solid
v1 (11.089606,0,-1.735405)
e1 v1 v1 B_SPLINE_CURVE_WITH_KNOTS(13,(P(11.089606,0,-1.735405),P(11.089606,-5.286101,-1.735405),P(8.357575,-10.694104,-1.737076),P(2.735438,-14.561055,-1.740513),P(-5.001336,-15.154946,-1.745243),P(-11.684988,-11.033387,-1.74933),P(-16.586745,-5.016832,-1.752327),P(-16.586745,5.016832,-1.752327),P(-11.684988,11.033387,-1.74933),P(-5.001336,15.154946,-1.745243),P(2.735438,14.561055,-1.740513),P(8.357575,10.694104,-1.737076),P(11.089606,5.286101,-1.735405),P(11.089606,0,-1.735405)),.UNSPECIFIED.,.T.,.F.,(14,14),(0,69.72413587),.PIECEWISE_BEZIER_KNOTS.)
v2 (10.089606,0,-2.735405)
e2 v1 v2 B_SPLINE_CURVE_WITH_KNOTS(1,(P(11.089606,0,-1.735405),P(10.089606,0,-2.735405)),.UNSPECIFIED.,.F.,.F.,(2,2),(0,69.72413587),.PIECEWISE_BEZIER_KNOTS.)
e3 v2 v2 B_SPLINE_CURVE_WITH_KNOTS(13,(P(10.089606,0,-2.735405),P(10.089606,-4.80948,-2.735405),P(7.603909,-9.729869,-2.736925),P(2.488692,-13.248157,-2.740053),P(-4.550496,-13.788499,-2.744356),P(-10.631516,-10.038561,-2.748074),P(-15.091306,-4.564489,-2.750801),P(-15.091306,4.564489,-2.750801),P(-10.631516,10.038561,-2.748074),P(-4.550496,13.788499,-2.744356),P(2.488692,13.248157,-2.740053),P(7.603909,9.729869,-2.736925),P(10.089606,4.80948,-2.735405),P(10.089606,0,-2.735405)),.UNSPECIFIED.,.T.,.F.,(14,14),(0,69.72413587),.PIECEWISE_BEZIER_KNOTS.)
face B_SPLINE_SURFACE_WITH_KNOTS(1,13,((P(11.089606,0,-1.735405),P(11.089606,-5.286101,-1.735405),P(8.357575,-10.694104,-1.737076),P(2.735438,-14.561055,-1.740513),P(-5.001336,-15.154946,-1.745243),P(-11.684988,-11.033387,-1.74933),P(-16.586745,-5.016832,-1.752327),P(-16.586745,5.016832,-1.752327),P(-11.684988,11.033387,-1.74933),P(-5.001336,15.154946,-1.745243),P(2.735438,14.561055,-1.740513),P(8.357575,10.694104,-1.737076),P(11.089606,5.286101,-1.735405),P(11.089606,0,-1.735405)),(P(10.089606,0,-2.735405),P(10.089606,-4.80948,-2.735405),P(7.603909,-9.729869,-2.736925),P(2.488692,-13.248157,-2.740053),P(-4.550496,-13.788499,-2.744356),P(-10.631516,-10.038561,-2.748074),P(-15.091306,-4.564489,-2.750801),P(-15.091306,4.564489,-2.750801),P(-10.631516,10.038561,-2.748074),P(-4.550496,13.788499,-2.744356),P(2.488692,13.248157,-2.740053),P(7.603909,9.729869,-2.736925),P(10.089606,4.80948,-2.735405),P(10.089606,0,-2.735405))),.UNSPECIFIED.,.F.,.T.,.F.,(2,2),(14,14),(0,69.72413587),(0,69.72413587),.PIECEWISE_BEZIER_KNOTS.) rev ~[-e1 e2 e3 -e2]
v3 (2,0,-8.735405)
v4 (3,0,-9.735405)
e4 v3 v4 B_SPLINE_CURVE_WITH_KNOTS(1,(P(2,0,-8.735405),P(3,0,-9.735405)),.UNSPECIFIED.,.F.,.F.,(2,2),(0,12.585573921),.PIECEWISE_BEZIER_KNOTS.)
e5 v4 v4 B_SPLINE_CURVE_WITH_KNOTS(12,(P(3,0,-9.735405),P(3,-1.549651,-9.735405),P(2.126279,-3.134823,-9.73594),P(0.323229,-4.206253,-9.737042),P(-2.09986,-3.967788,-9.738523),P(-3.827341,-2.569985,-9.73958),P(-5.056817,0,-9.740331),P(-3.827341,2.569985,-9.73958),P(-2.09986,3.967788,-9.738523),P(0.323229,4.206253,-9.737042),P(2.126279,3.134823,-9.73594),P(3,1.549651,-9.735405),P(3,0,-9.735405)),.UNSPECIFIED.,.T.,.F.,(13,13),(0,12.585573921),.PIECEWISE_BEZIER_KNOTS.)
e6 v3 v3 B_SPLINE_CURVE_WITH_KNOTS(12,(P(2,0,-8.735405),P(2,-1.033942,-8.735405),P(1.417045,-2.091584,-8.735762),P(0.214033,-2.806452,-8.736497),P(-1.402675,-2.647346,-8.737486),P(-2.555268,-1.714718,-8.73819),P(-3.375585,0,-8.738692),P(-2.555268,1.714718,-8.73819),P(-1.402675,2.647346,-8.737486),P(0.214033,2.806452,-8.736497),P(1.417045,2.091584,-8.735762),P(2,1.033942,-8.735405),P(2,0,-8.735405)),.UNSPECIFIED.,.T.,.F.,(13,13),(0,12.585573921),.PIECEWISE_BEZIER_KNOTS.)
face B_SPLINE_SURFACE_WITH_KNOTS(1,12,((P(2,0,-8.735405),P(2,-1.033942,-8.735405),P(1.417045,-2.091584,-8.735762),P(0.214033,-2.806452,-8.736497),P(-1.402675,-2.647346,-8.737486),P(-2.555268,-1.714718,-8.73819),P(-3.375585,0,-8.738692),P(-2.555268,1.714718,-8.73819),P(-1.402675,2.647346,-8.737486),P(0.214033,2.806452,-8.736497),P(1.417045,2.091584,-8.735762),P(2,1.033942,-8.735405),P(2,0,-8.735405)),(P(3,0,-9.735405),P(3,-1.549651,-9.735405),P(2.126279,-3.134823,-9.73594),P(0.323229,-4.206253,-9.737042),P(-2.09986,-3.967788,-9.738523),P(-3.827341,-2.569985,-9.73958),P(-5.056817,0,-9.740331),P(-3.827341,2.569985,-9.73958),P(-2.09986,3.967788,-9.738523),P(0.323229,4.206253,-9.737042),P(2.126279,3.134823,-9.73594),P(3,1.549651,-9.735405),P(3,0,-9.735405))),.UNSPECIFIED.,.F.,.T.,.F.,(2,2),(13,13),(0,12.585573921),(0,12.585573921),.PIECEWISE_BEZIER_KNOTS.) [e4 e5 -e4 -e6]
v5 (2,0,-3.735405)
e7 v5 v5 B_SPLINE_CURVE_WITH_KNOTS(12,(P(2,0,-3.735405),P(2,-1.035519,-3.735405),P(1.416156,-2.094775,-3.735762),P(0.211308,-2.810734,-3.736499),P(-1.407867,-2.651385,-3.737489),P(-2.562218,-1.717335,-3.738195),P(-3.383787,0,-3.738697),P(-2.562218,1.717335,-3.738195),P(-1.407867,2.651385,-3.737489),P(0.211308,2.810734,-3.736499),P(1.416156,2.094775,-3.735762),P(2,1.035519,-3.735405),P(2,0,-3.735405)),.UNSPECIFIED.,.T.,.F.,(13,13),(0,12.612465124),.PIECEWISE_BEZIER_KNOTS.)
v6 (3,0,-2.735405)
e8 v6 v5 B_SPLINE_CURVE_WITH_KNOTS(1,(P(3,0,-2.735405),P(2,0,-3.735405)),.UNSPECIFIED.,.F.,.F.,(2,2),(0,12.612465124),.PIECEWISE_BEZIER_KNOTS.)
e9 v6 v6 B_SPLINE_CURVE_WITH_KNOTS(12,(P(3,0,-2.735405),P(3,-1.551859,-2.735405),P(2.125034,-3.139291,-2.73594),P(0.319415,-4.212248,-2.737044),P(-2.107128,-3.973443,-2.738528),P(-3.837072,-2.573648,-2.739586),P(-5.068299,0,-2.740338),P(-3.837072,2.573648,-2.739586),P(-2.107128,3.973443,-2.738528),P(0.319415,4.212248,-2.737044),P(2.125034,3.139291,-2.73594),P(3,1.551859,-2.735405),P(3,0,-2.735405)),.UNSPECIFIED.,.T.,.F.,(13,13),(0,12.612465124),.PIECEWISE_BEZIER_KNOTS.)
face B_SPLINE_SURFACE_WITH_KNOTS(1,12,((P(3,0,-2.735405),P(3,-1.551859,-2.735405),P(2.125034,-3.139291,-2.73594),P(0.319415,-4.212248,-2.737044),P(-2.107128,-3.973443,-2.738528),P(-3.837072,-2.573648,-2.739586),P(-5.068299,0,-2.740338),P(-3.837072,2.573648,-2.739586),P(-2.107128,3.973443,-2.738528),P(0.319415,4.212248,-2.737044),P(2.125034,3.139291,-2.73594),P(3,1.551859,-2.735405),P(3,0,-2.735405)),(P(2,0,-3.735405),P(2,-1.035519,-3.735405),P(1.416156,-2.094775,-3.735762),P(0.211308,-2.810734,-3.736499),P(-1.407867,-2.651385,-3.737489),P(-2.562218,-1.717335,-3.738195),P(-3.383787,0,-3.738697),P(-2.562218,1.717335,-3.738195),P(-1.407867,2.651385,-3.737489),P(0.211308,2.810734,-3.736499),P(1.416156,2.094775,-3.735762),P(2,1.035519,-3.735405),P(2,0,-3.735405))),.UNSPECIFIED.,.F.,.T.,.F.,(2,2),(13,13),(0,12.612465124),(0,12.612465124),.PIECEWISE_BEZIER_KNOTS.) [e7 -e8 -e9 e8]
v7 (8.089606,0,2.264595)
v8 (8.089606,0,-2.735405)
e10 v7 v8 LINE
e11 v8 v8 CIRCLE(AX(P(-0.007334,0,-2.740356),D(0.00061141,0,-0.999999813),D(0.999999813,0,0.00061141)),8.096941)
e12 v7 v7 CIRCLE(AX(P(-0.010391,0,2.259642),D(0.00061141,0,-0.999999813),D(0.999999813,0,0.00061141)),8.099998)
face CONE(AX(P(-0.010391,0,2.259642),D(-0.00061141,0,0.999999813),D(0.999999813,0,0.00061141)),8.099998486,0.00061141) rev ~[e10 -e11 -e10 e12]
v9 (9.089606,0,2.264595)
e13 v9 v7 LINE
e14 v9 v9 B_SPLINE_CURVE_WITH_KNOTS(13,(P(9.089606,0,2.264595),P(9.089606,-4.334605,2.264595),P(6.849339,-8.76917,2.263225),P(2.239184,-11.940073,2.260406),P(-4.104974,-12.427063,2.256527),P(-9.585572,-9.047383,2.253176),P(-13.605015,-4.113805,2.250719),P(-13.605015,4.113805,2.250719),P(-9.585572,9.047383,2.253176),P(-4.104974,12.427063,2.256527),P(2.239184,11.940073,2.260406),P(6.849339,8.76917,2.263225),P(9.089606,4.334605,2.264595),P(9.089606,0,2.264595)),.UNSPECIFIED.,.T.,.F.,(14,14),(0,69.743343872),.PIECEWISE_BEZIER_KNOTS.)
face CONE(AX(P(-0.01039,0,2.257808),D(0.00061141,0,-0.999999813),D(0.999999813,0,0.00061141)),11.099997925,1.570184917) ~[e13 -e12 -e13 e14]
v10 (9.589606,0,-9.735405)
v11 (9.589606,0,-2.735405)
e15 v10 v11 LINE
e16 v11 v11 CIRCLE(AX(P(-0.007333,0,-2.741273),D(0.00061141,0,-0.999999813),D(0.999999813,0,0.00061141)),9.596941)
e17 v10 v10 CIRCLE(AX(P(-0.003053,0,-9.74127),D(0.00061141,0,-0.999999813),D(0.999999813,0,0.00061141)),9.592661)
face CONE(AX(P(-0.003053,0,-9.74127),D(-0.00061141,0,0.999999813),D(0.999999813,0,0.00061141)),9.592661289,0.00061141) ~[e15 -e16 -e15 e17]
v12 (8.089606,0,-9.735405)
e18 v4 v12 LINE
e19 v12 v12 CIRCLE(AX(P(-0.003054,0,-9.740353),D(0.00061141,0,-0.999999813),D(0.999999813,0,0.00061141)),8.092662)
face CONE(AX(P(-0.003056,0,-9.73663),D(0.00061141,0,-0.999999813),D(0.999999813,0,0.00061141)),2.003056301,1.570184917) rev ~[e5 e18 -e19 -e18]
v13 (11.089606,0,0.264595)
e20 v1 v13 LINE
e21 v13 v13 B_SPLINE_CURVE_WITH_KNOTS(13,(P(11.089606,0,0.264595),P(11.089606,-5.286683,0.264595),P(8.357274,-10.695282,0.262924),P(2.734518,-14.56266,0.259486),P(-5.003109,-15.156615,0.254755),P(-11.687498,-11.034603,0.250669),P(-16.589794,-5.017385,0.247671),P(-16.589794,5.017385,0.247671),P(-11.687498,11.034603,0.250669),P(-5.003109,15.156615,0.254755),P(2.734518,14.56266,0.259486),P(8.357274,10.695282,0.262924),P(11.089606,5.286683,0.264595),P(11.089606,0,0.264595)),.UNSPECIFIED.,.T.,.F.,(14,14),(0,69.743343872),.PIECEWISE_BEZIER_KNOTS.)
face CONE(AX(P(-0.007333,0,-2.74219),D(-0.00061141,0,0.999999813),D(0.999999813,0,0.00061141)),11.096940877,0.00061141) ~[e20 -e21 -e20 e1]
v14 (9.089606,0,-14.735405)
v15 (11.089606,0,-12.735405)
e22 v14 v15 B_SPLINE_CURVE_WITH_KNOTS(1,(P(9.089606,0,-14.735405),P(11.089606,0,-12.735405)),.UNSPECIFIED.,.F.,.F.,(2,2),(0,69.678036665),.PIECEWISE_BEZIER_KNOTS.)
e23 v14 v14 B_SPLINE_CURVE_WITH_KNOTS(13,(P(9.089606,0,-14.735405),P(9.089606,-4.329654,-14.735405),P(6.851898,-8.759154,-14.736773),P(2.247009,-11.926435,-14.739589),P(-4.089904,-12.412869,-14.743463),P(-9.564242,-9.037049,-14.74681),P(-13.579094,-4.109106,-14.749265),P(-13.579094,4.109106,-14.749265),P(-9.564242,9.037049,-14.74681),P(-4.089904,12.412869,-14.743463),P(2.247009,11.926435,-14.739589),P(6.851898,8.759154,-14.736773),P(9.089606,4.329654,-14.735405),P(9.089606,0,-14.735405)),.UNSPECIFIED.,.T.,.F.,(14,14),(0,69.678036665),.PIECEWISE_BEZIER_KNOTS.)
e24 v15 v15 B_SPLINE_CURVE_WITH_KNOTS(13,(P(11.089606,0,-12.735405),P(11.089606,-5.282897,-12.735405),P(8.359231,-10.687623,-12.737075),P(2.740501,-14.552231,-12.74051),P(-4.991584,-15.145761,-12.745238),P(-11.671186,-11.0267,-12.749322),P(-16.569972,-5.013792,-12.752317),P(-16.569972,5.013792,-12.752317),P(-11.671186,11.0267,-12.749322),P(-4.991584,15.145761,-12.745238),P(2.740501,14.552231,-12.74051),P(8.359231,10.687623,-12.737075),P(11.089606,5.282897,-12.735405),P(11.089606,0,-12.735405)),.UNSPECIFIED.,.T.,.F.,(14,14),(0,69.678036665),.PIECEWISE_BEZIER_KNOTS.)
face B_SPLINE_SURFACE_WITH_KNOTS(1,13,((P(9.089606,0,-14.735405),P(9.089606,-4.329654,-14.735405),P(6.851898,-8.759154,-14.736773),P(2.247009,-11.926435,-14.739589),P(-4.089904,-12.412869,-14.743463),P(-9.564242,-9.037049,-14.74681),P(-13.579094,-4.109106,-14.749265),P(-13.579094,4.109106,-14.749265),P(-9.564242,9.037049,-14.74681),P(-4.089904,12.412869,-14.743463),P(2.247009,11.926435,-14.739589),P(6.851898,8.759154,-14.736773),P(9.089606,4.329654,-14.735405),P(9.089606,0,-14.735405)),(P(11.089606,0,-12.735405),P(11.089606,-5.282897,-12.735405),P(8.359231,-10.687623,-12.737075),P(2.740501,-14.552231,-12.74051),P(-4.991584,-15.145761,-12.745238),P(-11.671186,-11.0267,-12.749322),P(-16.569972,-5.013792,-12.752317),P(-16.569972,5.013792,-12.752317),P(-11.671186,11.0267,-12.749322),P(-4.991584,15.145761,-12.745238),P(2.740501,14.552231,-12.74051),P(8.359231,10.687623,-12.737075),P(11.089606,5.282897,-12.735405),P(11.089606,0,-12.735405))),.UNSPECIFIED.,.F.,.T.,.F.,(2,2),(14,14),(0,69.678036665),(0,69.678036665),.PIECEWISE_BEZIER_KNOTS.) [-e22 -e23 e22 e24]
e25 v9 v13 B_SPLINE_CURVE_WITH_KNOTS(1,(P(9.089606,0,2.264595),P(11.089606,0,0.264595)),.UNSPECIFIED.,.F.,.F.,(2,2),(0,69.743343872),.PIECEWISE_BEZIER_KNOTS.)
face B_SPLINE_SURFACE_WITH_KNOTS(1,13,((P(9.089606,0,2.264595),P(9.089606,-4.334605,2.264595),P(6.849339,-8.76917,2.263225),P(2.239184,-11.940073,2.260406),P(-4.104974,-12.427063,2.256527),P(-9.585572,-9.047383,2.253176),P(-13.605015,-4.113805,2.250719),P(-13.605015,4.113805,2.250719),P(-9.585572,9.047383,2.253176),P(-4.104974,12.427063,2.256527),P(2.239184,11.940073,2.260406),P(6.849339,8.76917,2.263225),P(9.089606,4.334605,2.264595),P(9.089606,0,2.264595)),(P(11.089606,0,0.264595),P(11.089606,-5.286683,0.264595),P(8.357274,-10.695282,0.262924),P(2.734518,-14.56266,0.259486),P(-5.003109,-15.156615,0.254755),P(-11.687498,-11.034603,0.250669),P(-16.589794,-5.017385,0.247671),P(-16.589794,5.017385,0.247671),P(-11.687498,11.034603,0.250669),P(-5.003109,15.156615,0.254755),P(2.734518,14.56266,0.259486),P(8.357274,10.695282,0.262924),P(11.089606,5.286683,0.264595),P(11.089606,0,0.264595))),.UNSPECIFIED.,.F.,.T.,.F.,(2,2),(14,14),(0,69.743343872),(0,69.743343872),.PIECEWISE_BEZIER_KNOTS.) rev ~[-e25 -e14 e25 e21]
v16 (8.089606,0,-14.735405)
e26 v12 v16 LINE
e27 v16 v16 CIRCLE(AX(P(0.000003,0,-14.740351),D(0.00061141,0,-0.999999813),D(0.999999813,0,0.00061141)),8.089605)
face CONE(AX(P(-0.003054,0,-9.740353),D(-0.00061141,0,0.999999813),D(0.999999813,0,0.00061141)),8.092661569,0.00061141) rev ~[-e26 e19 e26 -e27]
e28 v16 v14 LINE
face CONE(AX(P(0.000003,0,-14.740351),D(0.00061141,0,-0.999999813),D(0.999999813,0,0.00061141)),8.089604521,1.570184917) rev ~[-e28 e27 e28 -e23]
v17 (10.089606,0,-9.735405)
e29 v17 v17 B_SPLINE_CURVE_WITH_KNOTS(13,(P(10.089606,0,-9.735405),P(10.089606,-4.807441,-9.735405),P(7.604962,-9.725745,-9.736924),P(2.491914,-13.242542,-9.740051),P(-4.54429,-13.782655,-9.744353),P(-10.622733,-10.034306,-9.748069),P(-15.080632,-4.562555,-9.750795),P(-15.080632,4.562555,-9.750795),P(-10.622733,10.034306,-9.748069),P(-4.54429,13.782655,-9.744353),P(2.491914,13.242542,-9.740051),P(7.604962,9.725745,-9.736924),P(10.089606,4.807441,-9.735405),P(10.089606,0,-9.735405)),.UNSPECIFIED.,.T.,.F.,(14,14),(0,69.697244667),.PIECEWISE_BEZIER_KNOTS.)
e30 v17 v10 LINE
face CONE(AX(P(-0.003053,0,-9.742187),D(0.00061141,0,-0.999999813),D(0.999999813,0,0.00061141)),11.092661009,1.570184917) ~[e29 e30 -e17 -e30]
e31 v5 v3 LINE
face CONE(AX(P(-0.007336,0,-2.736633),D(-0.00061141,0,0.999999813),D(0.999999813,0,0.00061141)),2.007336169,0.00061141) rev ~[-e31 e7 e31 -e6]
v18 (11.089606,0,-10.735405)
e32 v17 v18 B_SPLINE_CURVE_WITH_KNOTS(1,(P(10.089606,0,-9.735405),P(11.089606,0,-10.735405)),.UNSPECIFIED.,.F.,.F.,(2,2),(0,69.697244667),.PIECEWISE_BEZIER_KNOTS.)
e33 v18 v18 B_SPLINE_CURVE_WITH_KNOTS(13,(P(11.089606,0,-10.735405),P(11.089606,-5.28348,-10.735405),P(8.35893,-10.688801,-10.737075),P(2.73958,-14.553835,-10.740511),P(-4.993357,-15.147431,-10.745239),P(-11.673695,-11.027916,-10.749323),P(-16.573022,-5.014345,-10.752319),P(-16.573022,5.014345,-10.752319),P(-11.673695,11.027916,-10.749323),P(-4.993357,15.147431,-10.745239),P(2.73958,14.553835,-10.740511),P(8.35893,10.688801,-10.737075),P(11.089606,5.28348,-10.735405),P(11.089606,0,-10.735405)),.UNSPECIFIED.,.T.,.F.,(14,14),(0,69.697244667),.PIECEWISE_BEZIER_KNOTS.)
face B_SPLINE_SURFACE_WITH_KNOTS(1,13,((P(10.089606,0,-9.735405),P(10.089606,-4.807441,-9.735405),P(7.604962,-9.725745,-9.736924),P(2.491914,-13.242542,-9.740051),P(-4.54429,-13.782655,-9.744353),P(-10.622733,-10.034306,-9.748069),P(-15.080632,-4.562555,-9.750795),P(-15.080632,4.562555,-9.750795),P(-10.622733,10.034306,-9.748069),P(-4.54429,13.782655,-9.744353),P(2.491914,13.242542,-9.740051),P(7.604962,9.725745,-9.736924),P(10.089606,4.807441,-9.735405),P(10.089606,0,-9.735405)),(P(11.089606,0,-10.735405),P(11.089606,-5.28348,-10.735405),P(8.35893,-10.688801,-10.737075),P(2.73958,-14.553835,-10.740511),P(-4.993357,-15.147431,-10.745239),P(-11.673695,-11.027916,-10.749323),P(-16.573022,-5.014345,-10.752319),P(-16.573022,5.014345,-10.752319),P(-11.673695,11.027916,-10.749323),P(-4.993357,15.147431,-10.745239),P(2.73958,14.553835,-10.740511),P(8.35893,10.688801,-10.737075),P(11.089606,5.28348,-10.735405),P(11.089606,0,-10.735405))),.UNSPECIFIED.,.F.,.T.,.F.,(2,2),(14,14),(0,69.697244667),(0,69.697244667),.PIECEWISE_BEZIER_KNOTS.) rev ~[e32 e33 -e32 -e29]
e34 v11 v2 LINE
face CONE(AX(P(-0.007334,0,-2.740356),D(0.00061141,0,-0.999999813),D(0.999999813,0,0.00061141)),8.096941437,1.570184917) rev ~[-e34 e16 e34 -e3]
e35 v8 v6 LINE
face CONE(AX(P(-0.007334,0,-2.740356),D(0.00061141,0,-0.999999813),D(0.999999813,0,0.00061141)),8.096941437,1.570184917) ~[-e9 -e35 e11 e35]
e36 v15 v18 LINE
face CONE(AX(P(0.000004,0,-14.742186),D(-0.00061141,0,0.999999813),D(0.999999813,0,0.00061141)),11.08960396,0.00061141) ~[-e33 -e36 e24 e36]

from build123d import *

# Parameters (mm, degrees)
F2_SIZE = 2
F3_SIZE = 1


with BuildPart() as f1:
    # F0 (on Front) → F1 (revolve)
    with BuildSketch(Plane.XZ):
        Polygon((11.0896060326, 2.2645946667), (8.0896060326, 2.2645946667), (8.0896060326, -2.7354053333), (9.5896060326, -2.7354053333), (11.0896060326, -2.7354053333), align=None)
        Polygon((9.5896060326, -2.7354053333), (8.0896060326, -2.7354053333), (1.9999996262, -2.7354053333), (1.9999996262, -9.7354053333), (8.0896060326, -9.7354053333), (9.5896060326, -9.7354053333), (9.5896060326, -2.7403513981), align=None)
        Polygon((11.0896060326, -9.7354053333), (9.5896060326, -9.7354053333), (8.0896060326, -9.7354053333), (8.0896060326, -14.7354053333), (11.0896060326, -14.7354053333), align=None)
    revolve(axis=Axis((-0.0051969837, 0, -6.2354053333), (0.0006114097, 0, -0.9999998131)))

    # F2
    f2_edges = [f1.edges().sort_by_distance(p)[0] for p in [
        (-11.089598, 0, -14.748966),
        (-11.110386, 0, 2.251021),
    ]]
    chamfer(f2_edges, length=F2_SIZE)

    # F3
    f3_edges = [f1.edges().sort_by_distance(p)[0] for p in [
        (-11.104272, 0, -2.748975),
        (-11.095712, 0, -9.74897),
        (-2.014672, 0, -2.73786),
        (-2.006112, 0, -9.737855),
    ]]
    chamfer(f3_edges, length=F3_SIZE)


solid = f1.part
